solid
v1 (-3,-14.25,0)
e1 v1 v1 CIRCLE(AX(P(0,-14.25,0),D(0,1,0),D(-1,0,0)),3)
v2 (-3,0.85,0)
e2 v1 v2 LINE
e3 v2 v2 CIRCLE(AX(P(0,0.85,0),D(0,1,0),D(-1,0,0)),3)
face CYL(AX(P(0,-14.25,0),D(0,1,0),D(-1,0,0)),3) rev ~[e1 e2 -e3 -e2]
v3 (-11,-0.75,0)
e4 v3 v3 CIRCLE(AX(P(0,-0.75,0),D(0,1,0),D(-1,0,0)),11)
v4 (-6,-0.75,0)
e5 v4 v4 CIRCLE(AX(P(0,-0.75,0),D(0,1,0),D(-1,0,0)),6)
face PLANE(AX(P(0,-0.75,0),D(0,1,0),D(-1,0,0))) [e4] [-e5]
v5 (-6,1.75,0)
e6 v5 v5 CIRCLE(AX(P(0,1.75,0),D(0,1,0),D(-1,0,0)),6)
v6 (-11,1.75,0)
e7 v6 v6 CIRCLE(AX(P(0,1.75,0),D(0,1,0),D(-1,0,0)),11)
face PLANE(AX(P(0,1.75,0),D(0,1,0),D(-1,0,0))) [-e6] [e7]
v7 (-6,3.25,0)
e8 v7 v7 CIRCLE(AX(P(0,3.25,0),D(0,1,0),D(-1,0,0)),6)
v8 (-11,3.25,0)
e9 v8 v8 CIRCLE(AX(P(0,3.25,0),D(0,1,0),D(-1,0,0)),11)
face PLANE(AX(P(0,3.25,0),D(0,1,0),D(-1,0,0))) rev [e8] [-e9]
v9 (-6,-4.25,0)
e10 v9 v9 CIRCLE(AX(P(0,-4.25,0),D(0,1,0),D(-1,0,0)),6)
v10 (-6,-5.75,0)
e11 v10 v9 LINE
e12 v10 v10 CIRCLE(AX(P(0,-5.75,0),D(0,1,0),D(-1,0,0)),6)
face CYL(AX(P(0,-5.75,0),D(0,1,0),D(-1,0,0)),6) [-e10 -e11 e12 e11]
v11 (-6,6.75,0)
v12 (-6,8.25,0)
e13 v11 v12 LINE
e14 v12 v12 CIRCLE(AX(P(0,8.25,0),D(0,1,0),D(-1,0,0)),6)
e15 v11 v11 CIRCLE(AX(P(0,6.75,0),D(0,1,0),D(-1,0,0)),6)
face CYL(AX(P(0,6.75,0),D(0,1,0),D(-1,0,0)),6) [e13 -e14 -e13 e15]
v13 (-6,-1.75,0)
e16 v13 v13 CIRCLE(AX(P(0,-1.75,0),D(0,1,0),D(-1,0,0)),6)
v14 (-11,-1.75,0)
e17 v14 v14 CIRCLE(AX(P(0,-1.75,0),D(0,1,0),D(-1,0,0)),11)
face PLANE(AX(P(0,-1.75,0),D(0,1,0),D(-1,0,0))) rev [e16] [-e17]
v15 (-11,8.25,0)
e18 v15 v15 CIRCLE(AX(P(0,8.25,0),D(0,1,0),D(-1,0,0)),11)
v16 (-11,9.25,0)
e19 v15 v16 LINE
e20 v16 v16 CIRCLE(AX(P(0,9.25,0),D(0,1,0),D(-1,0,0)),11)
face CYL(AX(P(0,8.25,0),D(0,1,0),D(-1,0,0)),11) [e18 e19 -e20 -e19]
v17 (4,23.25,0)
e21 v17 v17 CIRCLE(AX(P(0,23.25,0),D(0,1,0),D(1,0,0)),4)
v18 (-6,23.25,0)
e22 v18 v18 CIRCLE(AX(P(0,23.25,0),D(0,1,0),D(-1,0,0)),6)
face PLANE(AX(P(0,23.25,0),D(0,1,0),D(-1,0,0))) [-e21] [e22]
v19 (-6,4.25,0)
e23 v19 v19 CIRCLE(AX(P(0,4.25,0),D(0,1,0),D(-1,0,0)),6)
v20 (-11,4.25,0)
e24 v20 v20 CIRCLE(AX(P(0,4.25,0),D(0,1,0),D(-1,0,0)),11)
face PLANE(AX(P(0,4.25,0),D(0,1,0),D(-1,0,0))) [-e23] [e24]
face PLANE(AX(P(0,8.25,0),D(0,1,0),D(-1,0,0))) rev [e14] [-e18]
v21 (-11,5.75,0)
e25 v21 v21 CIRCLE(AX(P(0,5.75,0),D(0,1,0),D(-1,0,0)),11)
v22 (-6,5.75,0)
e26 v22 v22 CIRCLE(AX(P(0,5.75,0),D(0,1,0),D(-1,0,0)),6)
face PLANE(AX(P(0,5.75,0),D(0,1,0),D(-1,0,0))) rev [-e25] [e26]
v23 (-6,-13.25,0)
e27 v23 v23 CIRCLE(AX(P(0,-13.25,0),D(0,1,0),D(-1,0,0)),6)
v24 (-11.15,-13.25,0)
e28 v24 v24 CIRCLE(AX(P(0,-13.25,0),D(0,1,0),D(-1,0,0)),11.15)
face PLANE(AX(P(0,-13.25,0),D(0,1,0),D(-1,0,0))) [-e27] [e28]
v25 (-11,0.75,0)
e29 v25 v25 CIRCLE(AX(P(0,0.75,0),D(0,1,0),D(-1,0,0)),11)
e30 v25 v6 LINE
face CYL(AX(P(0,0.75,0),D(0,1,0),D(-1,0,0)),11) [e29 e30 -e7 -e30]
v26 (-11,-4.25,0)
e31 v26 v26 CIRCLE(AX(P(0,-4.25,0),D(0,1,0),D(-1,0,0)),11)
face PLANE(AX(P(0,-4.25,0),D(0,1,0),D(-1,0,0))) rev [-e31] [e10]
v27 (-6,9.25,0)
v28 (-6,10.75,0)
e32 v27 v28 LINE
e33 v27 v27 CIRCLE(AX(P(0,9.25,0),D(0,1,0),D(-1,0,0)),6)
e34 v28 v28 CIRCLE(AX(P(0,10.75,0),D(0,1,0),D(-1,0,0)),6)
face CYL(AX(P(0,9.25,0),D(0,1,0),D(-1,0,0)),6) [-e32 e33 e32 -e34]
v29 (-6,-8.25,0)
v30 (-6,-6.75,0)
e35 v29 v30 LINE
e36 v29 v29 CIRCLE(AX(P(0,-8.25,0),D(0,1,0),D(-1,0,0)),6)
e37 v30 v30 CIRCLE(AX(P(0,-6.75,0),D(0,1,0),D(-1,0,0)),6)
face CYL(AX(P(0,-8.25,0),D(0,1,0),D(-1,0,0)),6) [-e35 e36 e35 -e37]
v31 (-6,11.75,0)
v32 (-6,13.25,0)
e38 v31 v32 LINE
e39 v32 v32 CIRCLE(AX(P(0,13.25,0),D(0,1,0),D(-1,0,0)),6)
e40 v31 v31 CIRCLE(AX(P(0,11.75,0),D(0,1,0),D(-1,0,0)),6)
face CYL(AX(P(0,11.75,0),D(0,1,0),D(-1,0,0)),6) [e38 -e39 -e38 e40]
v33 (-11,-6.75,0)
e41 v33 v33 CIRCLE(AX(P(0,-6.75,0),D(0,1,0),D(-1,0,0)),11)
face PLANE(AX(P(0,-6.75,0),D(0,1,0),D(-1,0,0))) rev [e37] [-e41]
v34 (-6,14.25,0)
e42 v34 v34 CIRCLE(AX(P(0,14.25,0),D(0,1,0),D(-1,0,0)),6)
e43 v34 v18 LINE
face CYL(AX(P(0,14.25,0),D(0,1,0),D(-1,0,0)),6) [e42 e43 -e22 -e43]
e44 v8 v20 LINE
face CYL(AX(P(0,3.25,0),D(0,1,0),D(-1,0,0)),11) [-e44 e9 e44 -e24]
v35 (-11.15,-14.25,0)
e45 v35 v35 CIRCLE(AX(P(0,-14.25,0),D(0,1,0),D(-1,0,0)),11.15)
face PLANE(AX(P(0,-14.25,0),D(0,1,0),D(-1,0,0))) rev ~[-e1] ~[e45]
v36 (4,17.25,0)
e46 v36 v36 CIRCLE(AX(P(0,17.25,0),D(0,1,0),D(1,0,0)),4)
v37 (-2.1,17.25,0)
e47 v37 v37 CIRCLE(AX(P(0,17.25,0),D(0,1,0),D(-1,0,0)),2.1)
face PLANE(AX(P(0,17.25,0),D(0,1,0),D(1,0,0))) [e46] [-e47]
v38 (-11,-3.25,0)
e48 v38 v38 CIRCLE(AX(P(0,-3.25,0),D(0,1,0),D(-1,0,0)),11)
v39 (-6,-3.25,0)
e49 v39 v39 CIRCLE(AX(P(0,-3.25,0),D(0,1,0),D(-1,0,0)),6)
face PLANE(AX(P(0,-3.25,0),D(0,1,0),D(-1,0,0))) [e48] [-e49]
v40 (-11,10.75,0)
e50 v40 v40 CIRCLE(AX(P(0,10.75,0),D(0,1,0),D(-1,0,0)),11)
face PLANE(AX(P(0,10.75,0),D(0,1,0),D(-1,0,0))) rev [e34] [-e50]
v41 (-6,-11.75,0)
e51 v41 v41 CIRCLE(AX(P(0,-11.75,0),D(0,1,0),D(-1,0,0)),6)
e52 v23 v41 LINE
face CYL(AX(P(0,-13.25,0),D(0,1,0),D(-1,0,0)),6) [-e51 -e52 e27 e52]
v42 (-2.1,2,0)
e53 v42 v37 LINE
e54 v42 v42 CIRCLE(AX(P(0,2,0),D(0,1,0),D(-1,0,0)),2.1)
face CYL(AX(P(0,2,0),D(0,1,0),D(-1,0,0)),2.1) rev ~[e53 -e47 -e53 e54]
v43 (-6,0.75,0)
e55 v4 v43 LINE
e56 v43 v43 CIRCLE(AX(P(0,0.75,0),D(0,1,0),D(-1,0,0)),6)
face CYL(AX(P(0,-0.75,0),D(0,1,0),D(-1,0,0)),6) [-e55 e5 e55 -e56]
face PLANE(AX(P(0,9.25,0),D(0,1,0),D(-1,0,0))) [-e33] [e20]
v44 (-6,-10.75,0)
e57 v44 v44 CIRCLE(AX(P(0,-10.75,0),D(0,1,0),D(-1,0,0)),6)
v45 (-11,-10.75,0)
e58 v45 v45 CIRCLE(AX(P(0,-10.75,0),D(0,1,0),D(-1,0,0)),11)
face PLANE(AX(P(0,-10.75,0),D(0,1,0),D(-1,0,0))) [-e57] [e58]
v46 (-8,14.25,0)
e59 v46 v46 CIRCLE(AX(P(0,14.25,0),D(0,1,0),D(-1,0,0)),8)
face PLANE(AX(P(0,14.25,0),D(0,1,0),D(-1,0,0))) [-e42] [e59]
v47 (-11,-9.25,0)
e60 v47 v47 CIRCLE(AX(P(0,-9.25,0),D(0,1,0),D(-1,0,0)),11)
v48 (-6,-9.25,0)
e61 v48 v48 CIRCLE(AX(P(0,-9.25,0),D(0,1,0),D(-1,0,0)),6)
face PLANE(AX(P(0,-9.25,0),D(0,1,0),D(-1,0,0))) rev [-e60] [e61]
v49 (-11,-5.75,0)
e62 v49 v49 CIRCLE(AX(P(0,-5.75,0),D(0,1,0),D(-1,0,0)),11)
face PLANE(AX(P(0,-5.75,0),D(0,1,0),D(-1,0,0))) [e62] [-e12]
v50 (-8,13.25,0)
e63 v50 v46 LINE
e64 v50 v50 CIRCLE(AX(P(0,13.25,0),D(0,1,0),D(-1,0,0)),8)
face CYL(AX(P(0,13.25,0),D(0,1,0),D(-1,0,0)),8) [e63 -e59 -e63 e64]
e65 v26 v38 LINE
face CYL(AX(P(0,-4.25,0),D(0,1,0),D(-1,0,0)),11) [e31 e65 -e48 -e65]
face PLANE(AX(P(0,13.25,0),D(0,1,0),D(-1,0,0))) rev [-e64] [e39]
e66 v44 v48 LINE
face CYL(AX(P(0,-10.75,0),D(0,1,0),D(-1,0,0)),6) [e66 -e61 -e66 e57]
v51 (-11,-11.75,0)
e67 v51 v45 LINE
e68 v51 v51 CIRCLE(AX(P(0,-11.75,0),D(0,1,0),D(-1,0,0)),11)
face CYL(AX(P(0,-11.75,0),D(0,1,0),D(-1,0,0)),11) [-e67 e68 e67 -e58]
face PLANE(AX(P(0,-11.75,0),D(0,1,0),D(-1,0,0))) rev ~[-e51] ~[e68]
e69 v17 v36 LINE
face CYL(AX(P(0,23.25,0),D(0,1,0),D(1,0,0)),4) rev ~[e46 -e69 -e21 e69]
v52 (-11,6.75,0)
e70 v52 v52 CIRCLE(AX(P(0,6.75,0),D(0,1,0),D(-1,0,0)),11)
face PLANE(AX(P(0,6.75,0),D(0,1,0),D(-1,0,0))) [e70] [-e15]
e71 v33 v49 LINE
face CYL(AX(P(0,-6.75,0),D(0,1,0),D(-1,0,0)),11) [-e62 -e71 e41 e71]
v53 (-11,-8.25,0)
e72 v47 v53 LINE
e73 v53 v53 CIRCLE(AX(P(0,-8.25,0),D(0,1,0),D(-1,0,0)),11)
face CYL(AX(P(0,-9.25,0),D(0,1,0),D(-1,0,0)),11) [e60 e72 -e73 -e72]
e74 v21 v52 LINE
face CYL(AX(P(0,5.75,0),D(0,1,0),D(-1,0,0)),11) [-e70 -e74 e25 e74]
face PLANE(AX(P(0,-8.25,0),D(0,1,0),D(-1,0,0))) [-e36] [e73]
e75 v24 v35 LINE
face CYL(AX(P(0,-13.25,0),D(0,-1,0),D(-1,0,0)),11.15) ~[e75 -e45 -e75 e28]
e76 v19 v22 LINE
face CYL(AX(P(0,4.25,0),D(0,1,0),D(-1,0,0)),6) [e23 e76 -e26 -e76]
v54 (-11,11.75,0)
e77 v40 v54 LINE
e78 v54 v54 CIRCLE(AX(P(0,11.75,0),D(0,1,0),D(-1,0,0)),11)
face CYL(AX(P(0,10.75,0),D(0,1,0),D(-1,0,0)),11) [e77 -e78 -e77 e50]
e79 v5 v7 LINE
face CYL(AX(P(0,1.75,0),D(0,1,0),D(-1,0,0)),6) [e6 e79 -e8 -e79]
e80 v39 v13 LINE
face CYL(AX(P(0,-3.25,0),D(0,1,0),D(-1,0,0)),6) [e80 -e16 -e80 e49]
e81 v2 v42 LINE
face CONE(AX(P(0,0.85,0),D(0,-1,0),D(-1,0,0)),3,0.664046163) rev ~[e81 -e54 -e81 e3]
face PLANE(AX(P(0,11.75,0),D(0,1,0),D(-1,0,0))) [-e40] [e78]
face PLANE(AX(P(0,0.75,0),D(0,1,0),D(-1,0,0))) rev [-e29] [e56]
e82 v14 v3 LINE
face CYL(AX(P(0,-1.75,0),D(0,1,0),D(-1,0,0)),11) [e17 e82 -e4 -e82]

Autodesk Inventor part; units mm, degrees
ref_plane "YZ Plane" through (0, 0, 0) normal (1, 0, 0) x (0, 1, 0)
ref_plane "XZ Plane" through (0, 0, 0) normal (0, 1, 0) x (-1, 0, 0)
ref_plane "XY Plane" through (0, 0, 0) normal (0, 0, 1) x (1, 0, 0)
sketch "Sketch1" plane through (0, 0, 0) normal (0, 0, 1) x (1, 0, 0)
  line L0 (-11, -11.75) -> (-11, -10.75)
  line L1 (-11, -10.75) -> (-6, -10.75)
  line L2 (-6, -10.75) -> (-6, -9.25)
  line L3 (-6, -9.25) -> (-11, -9.25)
  line L4 (-11, -9.25) -> (-11, -8.25)
  line L5 (-11, -8.25) -> (-6, -8.25)
  line L6 (-6, -8.25) -> (-6, -6.75)
  line L7 (-6, -6.75) -> (-11, -6.75)
  line L8 (-11, -6.75) -> (-11, -5.75)
  line L9 (-11, -5.75) -> (-6, -5.75)
  line L10 (-6, -5.75) -> (-6, -4.25)
  line L11 (-6, -4.25) -> (-11, -4.25)
  line L12 (-11, -4.25) -> (-11, -3.25)
  line L13 (-11, -3.25) -> (-6, -3.25)
  line L14 (-6, -3.25) -> (-6, -1.75)
  line L15 (-6, -1.75) -> (-11, -1.75)
  line L16 (-11, -1.75) -> (-11, -0.75)
  line L17 (-11, -0.75) -> (-6, -0.75)
  line L18 (-6, -0.75) -> (-6, 0.75)
  line L19 (-6, 0.75) -> (-11, 0.75)
  line L20 (-11, 0.75) -> (-11, 1.75)
  line L21 (-11, 1.75) -> (-6, 1.75)
  line L22 (-6, 1.75) -> (-6, 3.25)
  line L23 (-6, 3.25) -> (-11, 3.25)
  line L24 (-11, 3.25) -> (-11, 4.25)
  line L25 (-11, 4.25) -> (-6, 4.25)
  line L26 (-6, 4.25) -> (-6, 5.75)
  line L27 (-6, 5.75) -> (-11, 5.75)
  line L28 (-11, 5.75) -> (-11, 6.75)
  line L29 (-11, 6.75) -> (-6, 6.75)
  line L30 (-6, 6.75) -> (-6, 8.25)
  line L31 (-6, 8.25) -> (-11, 8.25)
  line L32 (-11, 8.25) -> (-11, 9.25)
  line L33 (-11, 9.25) -> (-6, 9.25)
  line L34 (-6, 9.25) -> (-6, 10.75)
  line L35 (-6, 10.75) -> (-11, 10.75)
  line L36 (-11, 10.75) -> (-11, 11.75)
  line L37 (-11, 11.75) -> (-6, 11.75)
  line L38 (-6, 11.75) -> (-6, 13.25)
  line L39 (-11, -11.75) -> (-6, -11.75)
  line L40 (0, 0) -> (0, 10.5257) construction
  line L41 (0, 0) -> (-17.6287, 0) construction
  line L42 (-11.15, -13.25) -> (-11.15, -14.25)
  line L43 (-11.15, -14.25) -> (-3, -14.25)
  line L44 (-3, -14.25) -> (-3, 0.85)
  line L45 (-3, 0.85) -> (-2.1, 2)
  line L46 (-2.1, 2) -> (-2.1, 23.25)
  line L47 (-6, 13.25) -> (-8, 13.25)
  line L48 (-8, 13.25) -> (-8, 14.25)
  line L49 (-8, 14.25) -> (-6, 14.25)
  line L50 (-6, 14.25) -> (-6, 23.25)
  line L51 (-6, 23.25) -> (-2.1, 23.25)
  line L52 (-11.15, -13.25) -> (-6, -13.25)
  line L53 (-6, -13.25) -> (-6, -11.75)
  line L54 (0, -21.75) -> (0, 30.75) projected
  dimension "d5" = 1
  dimension "d6" = 1.5
  dimension "d7" = 11
  dimension "d8" = 11.15
  dimension "d9" = 3
  dimension "d10" = 15.1
  dimension "d11" = 2.1
  dimension "d12" = 37.5
  dimension "d13" = 26
  dimension "d14" = 28.5
  dimension "d16" = 8
  dimension "d17" = 6
  dimension "d18" = 21.25
revolve "Revolution1" add sketch "Sketch1" angle 360 about axis through (0, -10, 0) along (0, 1, 0)
thread "Thread1" size "M12x1.75" class "6g" standard "ISO Metric profile" full length
sketch "Sketch2" plane through (0, 23.25, 0) normal (0, 1, 0) x (1, 0, 0)
  circle A0 centre (0, 0) radius 4
  dimension "d22" = 8
extrude "Extrusion1" cut sketch "Sketch2" against normal blind 6
properties part number "Threaded Heatsink" material "Aluminum 6061"
